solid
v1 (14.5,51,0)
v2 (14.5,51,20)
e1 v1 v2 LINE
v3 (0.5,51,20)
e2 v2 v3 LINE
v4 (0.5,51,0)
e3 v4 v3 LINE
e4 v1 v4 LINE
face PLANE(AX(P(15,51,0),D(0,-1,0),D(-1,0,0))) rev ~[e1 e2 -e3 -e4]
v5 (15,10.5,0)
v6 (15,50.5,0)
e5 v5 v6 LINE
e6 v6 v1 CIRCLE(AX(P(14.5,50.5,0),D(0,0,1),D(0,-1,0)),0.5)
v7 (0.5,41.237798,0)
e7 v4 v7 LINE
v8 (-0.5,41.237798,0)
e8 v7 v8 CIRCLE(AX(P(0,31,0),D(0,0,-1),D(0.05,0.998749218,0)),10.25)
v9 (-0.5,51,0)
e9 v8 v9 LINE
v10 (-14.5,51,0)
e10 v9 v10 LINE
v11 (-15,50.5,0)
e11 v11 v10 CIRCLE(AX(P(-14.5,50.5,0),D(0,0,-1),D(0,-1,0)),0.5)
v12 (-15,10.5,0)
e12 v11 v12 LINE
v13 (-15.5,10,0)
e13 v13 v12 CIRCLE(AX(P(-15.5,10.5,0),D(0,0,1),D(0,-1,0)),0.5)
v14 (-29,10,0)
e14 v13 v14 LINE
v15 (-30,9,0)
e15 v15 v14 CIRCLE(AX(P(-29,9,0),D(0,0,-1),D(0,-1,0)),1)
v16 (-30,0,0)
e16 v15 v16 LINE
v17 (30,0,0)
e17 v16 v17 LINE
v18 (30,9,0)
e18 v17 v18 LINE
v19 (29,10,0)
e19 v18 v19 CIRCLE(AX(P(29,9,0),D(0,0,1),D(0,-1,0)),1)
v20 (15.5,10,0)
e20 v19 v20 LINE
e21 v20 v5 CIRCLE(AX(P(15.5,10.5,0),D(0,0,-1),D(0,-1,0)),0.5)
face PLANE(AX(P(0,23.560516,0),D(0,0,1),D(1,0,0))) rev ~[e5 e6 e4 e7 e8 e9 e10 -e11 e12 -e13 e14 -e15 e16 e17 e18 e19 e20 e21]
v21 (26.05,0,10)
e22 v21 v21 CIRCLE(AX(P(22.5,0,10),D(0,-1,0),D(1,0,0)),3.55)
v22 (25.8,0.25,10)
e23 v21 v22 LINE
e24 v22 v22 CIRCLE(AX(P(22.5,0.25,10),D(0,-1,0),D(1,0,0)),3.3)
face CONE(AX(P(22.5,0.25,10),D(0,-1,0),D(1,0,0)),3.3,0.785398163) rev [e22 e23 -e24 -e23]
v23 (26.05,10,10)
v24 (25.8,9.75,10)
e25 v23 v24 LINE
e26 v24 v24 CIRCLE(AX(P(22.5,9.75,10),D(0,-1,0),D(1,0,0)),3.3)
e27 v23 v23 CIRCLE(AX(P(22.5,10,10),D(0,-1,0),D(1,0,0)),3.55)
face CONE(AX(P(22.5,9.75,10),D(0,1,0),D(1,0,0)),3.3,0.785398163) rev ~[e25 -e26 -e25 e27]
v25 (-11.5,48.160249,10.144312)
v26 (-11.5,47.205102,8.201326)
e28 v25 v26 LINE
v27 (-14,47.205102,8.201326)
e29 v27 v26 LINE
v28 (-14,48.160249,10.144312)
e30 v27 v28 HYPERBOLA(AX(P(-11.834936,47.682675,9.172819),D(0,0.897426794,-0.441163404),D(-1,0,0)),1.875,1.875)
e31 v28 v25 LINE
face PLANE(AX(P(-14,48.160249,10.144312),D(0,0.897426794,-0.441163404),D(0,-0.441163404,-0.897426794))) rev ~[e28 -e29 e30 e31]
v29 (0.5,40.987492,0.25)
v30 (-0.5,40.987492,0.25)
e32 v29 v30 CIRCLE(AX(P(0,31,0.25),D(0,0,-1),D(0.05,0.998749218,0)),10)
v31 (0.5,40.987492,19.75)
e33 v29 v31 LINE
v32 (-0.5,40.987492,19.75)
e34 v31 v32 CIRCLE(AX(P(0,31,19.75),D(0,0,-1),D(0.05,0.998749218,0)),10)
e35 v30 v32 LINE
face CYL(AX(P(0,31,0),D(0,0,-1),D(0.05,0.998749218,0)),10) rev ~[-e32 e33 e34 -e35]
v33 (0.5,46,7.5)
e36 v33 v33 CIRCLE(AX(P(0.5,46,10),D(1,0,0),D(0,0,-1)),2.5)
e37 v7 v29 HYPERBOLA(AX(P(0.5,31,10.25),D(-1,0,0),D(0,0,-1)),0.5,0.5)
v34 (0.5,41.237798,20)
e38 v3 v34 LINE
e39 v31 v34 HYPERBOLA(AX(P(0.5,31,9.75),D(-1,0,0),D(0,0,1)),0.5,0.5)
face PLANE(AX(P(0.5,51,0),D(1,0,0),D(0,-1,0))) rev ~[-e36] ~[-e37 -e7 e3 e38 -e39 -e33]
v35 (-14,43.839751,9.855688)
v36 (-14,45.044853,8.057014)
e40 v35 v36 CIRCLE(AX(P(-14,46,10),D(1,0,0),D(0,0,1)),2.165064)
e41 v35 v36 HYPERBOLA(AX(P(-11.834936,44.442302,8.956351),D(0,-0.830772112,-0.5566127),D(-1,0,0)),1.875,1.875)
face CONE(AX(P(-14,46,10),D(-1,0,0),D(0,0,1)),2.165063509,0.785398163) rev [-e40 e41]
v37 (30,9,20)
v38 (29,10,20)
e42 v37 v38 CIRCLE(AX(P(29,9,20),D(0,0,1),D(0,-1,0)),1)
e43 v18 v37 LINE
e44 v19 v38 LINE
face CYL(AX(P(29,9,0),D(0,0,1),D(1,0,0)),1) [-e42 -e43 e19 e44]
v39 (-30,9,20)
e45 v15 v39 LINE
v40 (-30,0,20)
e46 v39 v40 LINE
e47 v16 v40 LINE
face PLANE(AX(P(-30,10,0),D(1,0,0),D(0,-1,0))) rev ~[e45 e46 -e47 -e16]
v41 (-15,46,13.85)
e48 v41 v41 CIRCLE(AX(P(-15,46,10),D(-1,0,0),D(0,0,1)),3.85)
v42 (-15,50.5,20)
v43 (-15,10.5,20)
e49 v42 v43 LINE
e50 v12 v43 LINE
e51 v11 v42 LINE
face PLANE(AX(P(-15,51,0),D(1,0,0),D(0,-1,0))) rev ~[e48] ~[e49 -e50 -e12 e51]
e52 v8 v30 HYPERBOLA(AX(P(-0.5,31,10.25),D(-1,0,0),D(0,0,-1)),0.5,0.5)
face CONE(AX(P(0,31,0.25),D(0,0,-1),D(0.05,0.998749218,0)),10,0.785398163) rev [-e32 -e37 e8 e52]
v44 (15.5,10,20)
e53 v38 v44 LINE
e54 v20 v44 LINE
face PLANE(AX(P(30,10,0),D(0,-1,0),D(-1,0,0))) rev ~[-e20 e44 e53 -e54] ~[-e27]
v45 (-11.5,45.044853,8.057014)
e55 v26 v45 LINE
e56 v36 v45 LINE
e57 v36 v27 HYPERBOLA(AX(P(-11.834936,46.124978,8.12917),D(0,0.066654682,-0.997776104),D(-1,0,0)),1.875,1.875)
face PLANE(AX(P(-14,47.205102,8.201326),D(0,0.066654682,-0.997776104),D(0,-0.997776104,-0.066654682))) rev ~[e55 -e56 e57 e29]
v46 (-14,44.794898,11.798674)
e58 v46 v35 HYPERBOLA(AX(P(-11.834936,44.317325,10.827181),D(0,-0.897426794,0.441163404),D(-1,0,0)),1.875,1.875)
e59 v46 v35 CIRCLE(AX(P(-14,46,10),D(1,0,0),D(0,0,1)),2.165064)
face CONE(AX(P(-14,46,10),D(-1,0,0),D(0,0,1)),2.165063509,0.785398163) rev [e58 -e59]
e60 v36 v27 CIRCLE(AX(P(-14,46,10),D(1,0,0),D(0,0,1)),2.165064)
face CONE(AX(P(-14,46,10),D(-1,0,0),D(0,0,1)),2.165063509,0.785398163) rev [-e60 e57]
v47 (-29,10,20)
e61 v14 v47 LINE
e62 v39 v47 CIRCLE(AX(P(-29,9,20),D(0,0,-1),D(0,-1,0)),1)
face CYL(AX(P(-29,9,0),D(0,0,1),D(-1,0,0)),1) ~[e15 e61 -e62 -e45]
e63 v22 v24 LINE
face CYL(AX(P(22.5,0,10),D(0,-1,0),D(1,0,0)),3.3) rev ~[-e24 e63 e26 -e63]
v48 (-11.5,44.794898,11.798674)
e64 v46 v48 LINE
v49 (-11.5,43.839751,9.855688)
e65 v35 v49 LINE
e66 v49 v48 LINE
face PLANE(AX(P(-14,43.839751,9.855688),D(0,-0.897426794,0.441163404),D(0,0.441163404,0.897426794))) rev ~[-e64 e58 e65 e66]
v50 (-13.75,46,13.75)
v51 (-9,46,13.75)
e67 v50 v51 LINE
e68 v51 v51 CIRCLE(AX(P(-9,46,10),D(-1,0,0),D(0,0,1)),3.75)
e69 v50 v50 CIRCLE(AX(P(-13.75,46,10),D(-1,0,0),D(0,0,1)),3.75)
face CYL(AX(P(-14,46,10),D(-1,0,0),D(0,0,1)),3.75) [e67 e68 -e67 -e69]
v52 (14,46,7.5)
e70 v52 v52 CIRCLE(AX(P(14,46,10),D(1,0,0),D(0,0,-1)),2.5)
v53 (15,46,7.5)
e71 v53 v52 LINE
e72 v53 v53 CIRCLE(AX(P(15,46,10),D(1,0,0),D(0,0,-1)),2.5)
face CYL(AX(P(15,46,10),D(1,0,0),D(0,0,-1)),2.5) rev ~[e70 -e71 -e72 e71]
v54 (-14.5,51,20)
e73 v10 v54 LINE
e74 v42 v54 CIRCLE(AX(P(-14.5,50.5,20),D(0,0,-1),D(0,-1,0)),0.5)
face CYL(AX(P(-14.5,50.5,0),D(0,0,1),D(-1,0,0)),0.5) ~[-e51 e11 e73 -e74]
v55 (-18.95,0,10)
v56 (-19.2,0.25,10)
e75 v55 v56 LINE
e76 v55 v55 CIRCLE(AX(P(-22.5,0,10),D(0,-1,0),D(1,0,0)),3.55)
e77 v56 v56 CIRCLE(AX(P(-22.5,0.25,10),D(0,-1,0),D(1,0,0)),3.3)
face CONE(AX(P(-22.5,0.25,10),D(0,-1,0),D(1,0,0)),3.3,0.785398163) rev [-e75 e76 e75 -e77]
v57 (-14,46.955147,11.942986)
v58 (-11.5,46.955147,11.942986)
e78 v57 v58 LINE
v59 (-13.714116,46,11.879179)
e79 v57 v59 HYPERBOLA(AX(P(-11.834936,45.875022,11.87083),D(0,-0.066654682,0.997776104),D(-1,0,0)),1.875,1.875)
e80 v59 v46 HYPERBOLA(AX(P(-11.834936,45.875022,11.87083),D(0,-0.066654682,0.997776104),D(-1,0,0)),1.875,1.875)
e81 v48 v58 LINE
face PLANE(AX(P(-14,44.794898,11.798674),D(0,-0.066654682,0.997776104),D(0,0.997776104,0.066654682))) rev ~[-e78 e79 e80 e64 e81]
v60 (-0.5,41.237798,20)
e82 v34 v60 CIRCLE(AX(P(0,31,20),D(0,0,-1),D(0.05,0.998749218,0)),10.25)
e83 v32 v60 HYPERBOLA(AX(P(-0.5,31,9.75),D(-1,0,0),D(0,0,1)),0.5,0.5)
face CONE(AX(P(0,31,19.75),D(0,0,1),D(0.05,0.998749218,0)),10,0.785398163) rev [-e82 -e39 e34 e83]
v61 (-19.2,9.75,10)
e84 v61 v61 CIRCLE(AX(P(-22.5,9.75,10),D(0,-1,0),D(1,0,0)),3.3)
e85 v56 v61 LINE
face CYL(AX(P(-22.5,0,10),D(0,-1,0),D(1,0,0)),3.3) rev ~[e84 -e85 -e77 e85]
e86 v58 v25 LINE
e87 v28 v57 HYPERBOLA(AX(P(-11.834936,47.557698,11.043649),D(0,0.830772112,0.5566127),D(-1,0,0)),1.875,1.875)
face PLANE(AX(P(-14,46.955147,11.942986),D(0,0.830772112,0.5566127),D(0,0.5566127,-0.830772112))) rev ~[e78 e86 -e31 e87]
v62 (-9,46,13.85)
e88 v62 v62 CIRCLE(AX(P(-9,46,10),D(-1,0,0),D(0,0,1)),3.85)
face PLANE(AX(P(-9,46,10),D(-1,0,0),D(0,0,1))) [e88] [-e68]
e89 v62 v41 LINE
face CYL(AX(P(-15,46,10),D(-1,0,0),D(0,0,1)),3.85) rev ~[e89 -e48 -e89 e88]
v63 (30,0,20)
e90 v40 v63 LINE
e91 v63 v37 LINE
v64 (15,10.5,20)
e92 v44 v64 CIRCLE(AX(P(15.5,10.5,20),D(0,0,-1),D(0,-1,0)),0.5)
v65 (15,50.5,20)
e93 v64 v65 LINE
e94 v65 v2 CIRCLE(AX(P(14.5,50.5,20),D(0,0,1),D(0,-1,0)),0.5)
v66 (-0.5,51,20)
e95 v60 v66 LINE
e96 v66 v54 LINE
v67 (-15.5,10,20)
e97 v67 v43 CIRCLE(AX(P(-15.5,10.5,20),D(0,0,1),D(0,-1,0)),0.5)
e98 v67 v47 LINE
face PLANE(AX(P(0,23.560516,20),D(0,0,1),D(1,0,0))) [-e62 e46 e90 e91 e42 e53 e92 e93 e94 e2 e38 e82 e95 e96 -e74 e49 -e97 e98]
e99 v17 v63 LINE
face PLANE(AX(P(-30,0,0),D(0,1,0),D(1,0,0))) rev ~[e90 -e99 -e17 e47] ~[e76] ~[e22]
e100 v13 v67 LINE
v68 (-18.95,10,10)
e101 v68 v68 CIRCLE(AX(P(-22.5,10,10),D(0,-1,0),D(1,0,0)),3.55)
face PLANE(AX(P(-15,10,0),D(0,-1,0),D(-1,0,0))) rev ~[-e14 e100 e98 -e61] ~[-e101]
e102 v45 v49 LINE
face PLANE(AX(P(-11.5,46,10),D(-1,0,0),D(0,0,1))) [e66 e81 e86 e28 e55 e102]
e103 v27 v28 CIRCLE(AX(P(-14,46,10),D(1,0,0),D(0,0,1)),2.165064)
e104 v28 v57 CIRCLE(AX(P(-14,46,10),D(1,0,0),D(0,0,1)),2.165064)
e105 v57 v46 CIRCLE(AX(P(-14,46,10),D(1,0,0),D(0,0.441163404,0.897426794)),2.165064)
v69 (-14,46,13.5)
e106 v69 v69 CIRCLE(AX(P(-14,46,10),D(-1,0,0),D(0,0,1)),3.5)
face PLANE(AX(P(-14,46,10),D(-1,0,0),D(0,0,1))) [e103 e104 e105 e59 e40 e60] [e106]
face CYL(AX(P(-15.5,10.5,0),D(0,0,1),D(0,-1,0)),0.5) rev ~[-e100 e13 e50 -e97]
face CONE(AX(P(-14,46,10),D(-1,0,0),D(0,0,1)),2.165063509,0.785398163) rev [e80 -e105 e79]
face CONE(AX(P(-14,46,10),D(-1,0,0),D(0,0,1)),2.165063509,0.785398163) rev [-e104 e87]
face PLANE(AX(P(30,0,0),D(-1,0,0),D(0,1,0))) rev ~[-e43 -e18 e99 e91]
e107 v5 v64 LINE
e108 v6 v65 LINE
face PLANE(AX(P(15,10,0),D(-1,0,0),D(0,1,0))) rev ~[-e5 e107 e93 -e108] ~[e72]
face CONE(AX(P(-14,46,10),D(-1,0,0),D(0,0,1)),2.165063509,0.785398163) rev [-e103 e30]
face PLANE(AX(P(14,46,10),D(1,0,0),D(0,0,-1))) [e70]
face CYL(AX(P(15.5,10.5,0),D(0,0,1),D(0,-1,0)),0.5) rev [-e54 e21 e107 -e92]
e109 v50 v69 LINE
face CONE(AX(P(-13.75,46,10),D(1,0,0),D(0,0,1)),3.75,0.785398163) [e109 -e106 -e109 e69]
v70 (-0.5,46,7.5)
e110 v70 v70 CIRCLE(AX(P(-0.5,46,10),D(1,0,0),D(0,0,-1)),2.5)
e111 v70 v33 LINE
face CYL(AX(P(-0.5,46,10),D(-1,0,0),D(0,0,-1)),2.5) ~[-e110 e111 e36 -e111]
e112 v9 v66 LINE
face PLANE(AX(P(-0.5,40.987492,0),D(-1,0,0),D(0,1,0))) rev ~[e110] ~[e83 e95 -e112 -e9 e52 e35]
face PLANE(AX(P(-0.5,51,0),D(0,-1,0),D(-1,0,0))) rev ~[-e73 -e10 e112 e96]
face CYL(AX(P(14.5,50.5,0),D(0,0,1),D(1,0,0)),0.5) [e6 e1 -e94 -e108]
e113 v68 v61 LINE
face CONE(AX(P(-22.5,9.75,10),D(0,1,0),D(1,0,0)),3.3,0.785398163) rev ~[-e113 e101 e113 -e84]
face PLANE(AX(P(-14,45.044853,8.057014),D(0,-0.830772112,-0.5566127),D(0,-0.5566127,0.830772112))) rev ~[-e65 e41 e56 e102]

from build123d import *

# Parameters (mm, degrees)
BOSS_EXTRUDE1_DEPTH     = 20
SKETCH3_R               = 3.3
CUT_EXTRUDE1_DEPTH      = 1
CUT_EXTRUDE1_DEPTH_BACK = 10
FILLET1_R               = 1
FILLET2_R               = 0.5
CHAMFER1_SIZE           = 0.25
SKETCH4_R               = 3.85
CUT_EXTRUDE2_DEPTH      = 1
SKETCH5_R               = 3.85
SKETCH5_R_2             = 3.75
CUT_EXTRUDE3_DEPTH      = 5
CHAMFER2_SIZE           = 0.25
CUT_EXTRUDE4_DEPTH      = 2.5
SKETCH7_R               = 2.5
BOSS_EXTRUDE2_DEPTH     = 1
SKETCH8_R               = 2.5
CUT_EXTRUDE5_DEPTH      = 1
SKETCH9_R               = 2.165063509
CUT_EXTRUDE6_DEPTH      = 1
CUT_EXTRUDE6_TAPER      = 45


with BuildPart() as part:
    # Sketch1 → Boss-Extrude1 (new body)
    with BuildSketch(Plane.XY):
        with BuildLine():
            Line((-30, 0), (30, 0))
            Line((30, 0), (30, 10))
            Line((30, 10), (15, 10))
            Line((15, 10), (15, 51))
            Line((15, 51), (0.5, 51))
            Line((0.5, 51), (0.5, 40.987492178))
            ThreePointArc((0.5, 40.987492178), (0, 21), (-0.5, 40.987492178))
            Line((-0.5, 40.987492178), (-0.5, 51))
            Line((-0.5, 51), (-15, 51))
            Line((-15, 51), (-15, 10))
            Line((-15, 10), (-30, 10))
            Line((-30, 10), (-30, 0))
        make_face()
    extrude(amount=BOSS_EXTRUDE1_DEPTH)

    # Sketch3 → Cut-Extrude1 (cut, two sides)
    with BuildSketch(Plane.XZ) as cut_extrude1_sk:
        with Locations((-22.5, 10)):
            Circle(SKETCH3_R)
        with Locations((22.5, 10)):
            Circle(SKETCH3_R)
    extrude(amount=CUT_EXTRUDE1_DEPTH, mode=Mode.SUBTRACT)
    extrude(cut_extrude1_sk.sketch, amount=-CUT_EXTRUDE1_DEPTH_BACK, mode=Mode.SUBTRACT)

    # Fillet1
    fillet1_edges = [part.edges().sort_by_distance(p)[0] for p in [
        (-30, 10, 10),
        (30, 10, 10),
    ]]
    fillet(fillet1_edges, radius=FILLET1_R)

    # Fillet2
    fillet2_edges = [part.edges().sort_by_distance(p)[0] for p in [
        (-15, 10, 10),
        (-15, 51, 10),
        (15, 51, 10),
        (15, 10, 10),
    ]]
    fillet(fillet2_edges, radius=FILLET2_R)

    # Chamfer1
    chamfer1_edges = [part.edges().sort_by_distance(p)[0] for p in [
        (0, 21, 0),
        (0, 21, 20),
        (19.2, 10, 10),
        (19.2, 0, 10),
        (-25.8, 10, 10),
        (-25.8, 0, 10),
    ]]
    chamfer(chamfer1_edges, length=CHAMFER1_SIZE)

    # Sketch4 → Cut-Extrude2 (cut)
    with BuildSketch(Plane.ZY.offset(15)):
        with Locations((10, 46)):
            Circle(SKETCH4_R)
    extrude(amount=-CUT_EXTRUDE2_DEPTH, mode=Mode.SUBTRACT)

    # Sketch5 → Cut-Extrude3 (cut)
    with BuildSketch(Plane.ZY.offset(14)):
        with Locations((10, 46)):
            Circle(SKETCH5_R)
        with Locations((10, 46)):
            Circle(SKETCH5_R_2, mode=Mode.SUBTRACT)
    extrude(amount=-CUT_EXTRUDE3_DEPTH, mode=Mode.SUBTRACT)

    # Chamfer2
    chamfer2_edges = [part.edges().sort_by_distance(p)[0] for p in [
        (-14, 46, 6.25),
    ]]
    chamfer(chamfer2_edges, length=CHAMFER2_SIZE)

    # Sketch6 → Cut-Extrude4 (cut)
    with BuildSketch(Plane.ZY.offset(14)):
        Polygon((9.85568838, 43.839751367), (11.798674385, 44.794898154), (11.942986005, 46.955146787), (10.14431162, 48.160248633), (8.201325615, 47.205101846), (8.057013995, 45.044853213), align=None)
    extrude(amount=-CUT_EXTRUDE4_DEPTH, mode=Mode.SUBTRACT)

    # Sketch7 → Boss-Extrude2 (add)
    with BuildSketch(Plane(origin=(-0.5, 0, 0), x_dir=(0, 0, -1), z_dir=(1, 0, 0))):
        with Locations((-10, 46)):
            Circle(SKETCH7_R)
    extrude(amount=BOSS_EXTRUDE2_DEPTH)

    # Sketch8 → Cut-Extrude5 (cut)
    with BuildSketch(Plane(origin=(15, 0, 0), x_dir=(0, 0, -1), z_dir=(1, 0, 0))):
        with Locations((-10, 46)):
            Circle(SKETCH8_R)
    extrude(amount=-CUT_EXTRUDE5_DEPTH, mode=Mode.SUBTRACT)

    # Sketch9 → Cut-Extrude6 (cut)
    with BuildSketch(Plane.ZY.offset(14)):
        with Locations((10, 46)):
            Circle(SKETCH9_R)
    extrude(amount=-CUT_EXTRUDE6_DEPTH, taper=CUT_EXTRUDE6_TAPER, mode=Mode.SUBTRACT)


solid = part.part
